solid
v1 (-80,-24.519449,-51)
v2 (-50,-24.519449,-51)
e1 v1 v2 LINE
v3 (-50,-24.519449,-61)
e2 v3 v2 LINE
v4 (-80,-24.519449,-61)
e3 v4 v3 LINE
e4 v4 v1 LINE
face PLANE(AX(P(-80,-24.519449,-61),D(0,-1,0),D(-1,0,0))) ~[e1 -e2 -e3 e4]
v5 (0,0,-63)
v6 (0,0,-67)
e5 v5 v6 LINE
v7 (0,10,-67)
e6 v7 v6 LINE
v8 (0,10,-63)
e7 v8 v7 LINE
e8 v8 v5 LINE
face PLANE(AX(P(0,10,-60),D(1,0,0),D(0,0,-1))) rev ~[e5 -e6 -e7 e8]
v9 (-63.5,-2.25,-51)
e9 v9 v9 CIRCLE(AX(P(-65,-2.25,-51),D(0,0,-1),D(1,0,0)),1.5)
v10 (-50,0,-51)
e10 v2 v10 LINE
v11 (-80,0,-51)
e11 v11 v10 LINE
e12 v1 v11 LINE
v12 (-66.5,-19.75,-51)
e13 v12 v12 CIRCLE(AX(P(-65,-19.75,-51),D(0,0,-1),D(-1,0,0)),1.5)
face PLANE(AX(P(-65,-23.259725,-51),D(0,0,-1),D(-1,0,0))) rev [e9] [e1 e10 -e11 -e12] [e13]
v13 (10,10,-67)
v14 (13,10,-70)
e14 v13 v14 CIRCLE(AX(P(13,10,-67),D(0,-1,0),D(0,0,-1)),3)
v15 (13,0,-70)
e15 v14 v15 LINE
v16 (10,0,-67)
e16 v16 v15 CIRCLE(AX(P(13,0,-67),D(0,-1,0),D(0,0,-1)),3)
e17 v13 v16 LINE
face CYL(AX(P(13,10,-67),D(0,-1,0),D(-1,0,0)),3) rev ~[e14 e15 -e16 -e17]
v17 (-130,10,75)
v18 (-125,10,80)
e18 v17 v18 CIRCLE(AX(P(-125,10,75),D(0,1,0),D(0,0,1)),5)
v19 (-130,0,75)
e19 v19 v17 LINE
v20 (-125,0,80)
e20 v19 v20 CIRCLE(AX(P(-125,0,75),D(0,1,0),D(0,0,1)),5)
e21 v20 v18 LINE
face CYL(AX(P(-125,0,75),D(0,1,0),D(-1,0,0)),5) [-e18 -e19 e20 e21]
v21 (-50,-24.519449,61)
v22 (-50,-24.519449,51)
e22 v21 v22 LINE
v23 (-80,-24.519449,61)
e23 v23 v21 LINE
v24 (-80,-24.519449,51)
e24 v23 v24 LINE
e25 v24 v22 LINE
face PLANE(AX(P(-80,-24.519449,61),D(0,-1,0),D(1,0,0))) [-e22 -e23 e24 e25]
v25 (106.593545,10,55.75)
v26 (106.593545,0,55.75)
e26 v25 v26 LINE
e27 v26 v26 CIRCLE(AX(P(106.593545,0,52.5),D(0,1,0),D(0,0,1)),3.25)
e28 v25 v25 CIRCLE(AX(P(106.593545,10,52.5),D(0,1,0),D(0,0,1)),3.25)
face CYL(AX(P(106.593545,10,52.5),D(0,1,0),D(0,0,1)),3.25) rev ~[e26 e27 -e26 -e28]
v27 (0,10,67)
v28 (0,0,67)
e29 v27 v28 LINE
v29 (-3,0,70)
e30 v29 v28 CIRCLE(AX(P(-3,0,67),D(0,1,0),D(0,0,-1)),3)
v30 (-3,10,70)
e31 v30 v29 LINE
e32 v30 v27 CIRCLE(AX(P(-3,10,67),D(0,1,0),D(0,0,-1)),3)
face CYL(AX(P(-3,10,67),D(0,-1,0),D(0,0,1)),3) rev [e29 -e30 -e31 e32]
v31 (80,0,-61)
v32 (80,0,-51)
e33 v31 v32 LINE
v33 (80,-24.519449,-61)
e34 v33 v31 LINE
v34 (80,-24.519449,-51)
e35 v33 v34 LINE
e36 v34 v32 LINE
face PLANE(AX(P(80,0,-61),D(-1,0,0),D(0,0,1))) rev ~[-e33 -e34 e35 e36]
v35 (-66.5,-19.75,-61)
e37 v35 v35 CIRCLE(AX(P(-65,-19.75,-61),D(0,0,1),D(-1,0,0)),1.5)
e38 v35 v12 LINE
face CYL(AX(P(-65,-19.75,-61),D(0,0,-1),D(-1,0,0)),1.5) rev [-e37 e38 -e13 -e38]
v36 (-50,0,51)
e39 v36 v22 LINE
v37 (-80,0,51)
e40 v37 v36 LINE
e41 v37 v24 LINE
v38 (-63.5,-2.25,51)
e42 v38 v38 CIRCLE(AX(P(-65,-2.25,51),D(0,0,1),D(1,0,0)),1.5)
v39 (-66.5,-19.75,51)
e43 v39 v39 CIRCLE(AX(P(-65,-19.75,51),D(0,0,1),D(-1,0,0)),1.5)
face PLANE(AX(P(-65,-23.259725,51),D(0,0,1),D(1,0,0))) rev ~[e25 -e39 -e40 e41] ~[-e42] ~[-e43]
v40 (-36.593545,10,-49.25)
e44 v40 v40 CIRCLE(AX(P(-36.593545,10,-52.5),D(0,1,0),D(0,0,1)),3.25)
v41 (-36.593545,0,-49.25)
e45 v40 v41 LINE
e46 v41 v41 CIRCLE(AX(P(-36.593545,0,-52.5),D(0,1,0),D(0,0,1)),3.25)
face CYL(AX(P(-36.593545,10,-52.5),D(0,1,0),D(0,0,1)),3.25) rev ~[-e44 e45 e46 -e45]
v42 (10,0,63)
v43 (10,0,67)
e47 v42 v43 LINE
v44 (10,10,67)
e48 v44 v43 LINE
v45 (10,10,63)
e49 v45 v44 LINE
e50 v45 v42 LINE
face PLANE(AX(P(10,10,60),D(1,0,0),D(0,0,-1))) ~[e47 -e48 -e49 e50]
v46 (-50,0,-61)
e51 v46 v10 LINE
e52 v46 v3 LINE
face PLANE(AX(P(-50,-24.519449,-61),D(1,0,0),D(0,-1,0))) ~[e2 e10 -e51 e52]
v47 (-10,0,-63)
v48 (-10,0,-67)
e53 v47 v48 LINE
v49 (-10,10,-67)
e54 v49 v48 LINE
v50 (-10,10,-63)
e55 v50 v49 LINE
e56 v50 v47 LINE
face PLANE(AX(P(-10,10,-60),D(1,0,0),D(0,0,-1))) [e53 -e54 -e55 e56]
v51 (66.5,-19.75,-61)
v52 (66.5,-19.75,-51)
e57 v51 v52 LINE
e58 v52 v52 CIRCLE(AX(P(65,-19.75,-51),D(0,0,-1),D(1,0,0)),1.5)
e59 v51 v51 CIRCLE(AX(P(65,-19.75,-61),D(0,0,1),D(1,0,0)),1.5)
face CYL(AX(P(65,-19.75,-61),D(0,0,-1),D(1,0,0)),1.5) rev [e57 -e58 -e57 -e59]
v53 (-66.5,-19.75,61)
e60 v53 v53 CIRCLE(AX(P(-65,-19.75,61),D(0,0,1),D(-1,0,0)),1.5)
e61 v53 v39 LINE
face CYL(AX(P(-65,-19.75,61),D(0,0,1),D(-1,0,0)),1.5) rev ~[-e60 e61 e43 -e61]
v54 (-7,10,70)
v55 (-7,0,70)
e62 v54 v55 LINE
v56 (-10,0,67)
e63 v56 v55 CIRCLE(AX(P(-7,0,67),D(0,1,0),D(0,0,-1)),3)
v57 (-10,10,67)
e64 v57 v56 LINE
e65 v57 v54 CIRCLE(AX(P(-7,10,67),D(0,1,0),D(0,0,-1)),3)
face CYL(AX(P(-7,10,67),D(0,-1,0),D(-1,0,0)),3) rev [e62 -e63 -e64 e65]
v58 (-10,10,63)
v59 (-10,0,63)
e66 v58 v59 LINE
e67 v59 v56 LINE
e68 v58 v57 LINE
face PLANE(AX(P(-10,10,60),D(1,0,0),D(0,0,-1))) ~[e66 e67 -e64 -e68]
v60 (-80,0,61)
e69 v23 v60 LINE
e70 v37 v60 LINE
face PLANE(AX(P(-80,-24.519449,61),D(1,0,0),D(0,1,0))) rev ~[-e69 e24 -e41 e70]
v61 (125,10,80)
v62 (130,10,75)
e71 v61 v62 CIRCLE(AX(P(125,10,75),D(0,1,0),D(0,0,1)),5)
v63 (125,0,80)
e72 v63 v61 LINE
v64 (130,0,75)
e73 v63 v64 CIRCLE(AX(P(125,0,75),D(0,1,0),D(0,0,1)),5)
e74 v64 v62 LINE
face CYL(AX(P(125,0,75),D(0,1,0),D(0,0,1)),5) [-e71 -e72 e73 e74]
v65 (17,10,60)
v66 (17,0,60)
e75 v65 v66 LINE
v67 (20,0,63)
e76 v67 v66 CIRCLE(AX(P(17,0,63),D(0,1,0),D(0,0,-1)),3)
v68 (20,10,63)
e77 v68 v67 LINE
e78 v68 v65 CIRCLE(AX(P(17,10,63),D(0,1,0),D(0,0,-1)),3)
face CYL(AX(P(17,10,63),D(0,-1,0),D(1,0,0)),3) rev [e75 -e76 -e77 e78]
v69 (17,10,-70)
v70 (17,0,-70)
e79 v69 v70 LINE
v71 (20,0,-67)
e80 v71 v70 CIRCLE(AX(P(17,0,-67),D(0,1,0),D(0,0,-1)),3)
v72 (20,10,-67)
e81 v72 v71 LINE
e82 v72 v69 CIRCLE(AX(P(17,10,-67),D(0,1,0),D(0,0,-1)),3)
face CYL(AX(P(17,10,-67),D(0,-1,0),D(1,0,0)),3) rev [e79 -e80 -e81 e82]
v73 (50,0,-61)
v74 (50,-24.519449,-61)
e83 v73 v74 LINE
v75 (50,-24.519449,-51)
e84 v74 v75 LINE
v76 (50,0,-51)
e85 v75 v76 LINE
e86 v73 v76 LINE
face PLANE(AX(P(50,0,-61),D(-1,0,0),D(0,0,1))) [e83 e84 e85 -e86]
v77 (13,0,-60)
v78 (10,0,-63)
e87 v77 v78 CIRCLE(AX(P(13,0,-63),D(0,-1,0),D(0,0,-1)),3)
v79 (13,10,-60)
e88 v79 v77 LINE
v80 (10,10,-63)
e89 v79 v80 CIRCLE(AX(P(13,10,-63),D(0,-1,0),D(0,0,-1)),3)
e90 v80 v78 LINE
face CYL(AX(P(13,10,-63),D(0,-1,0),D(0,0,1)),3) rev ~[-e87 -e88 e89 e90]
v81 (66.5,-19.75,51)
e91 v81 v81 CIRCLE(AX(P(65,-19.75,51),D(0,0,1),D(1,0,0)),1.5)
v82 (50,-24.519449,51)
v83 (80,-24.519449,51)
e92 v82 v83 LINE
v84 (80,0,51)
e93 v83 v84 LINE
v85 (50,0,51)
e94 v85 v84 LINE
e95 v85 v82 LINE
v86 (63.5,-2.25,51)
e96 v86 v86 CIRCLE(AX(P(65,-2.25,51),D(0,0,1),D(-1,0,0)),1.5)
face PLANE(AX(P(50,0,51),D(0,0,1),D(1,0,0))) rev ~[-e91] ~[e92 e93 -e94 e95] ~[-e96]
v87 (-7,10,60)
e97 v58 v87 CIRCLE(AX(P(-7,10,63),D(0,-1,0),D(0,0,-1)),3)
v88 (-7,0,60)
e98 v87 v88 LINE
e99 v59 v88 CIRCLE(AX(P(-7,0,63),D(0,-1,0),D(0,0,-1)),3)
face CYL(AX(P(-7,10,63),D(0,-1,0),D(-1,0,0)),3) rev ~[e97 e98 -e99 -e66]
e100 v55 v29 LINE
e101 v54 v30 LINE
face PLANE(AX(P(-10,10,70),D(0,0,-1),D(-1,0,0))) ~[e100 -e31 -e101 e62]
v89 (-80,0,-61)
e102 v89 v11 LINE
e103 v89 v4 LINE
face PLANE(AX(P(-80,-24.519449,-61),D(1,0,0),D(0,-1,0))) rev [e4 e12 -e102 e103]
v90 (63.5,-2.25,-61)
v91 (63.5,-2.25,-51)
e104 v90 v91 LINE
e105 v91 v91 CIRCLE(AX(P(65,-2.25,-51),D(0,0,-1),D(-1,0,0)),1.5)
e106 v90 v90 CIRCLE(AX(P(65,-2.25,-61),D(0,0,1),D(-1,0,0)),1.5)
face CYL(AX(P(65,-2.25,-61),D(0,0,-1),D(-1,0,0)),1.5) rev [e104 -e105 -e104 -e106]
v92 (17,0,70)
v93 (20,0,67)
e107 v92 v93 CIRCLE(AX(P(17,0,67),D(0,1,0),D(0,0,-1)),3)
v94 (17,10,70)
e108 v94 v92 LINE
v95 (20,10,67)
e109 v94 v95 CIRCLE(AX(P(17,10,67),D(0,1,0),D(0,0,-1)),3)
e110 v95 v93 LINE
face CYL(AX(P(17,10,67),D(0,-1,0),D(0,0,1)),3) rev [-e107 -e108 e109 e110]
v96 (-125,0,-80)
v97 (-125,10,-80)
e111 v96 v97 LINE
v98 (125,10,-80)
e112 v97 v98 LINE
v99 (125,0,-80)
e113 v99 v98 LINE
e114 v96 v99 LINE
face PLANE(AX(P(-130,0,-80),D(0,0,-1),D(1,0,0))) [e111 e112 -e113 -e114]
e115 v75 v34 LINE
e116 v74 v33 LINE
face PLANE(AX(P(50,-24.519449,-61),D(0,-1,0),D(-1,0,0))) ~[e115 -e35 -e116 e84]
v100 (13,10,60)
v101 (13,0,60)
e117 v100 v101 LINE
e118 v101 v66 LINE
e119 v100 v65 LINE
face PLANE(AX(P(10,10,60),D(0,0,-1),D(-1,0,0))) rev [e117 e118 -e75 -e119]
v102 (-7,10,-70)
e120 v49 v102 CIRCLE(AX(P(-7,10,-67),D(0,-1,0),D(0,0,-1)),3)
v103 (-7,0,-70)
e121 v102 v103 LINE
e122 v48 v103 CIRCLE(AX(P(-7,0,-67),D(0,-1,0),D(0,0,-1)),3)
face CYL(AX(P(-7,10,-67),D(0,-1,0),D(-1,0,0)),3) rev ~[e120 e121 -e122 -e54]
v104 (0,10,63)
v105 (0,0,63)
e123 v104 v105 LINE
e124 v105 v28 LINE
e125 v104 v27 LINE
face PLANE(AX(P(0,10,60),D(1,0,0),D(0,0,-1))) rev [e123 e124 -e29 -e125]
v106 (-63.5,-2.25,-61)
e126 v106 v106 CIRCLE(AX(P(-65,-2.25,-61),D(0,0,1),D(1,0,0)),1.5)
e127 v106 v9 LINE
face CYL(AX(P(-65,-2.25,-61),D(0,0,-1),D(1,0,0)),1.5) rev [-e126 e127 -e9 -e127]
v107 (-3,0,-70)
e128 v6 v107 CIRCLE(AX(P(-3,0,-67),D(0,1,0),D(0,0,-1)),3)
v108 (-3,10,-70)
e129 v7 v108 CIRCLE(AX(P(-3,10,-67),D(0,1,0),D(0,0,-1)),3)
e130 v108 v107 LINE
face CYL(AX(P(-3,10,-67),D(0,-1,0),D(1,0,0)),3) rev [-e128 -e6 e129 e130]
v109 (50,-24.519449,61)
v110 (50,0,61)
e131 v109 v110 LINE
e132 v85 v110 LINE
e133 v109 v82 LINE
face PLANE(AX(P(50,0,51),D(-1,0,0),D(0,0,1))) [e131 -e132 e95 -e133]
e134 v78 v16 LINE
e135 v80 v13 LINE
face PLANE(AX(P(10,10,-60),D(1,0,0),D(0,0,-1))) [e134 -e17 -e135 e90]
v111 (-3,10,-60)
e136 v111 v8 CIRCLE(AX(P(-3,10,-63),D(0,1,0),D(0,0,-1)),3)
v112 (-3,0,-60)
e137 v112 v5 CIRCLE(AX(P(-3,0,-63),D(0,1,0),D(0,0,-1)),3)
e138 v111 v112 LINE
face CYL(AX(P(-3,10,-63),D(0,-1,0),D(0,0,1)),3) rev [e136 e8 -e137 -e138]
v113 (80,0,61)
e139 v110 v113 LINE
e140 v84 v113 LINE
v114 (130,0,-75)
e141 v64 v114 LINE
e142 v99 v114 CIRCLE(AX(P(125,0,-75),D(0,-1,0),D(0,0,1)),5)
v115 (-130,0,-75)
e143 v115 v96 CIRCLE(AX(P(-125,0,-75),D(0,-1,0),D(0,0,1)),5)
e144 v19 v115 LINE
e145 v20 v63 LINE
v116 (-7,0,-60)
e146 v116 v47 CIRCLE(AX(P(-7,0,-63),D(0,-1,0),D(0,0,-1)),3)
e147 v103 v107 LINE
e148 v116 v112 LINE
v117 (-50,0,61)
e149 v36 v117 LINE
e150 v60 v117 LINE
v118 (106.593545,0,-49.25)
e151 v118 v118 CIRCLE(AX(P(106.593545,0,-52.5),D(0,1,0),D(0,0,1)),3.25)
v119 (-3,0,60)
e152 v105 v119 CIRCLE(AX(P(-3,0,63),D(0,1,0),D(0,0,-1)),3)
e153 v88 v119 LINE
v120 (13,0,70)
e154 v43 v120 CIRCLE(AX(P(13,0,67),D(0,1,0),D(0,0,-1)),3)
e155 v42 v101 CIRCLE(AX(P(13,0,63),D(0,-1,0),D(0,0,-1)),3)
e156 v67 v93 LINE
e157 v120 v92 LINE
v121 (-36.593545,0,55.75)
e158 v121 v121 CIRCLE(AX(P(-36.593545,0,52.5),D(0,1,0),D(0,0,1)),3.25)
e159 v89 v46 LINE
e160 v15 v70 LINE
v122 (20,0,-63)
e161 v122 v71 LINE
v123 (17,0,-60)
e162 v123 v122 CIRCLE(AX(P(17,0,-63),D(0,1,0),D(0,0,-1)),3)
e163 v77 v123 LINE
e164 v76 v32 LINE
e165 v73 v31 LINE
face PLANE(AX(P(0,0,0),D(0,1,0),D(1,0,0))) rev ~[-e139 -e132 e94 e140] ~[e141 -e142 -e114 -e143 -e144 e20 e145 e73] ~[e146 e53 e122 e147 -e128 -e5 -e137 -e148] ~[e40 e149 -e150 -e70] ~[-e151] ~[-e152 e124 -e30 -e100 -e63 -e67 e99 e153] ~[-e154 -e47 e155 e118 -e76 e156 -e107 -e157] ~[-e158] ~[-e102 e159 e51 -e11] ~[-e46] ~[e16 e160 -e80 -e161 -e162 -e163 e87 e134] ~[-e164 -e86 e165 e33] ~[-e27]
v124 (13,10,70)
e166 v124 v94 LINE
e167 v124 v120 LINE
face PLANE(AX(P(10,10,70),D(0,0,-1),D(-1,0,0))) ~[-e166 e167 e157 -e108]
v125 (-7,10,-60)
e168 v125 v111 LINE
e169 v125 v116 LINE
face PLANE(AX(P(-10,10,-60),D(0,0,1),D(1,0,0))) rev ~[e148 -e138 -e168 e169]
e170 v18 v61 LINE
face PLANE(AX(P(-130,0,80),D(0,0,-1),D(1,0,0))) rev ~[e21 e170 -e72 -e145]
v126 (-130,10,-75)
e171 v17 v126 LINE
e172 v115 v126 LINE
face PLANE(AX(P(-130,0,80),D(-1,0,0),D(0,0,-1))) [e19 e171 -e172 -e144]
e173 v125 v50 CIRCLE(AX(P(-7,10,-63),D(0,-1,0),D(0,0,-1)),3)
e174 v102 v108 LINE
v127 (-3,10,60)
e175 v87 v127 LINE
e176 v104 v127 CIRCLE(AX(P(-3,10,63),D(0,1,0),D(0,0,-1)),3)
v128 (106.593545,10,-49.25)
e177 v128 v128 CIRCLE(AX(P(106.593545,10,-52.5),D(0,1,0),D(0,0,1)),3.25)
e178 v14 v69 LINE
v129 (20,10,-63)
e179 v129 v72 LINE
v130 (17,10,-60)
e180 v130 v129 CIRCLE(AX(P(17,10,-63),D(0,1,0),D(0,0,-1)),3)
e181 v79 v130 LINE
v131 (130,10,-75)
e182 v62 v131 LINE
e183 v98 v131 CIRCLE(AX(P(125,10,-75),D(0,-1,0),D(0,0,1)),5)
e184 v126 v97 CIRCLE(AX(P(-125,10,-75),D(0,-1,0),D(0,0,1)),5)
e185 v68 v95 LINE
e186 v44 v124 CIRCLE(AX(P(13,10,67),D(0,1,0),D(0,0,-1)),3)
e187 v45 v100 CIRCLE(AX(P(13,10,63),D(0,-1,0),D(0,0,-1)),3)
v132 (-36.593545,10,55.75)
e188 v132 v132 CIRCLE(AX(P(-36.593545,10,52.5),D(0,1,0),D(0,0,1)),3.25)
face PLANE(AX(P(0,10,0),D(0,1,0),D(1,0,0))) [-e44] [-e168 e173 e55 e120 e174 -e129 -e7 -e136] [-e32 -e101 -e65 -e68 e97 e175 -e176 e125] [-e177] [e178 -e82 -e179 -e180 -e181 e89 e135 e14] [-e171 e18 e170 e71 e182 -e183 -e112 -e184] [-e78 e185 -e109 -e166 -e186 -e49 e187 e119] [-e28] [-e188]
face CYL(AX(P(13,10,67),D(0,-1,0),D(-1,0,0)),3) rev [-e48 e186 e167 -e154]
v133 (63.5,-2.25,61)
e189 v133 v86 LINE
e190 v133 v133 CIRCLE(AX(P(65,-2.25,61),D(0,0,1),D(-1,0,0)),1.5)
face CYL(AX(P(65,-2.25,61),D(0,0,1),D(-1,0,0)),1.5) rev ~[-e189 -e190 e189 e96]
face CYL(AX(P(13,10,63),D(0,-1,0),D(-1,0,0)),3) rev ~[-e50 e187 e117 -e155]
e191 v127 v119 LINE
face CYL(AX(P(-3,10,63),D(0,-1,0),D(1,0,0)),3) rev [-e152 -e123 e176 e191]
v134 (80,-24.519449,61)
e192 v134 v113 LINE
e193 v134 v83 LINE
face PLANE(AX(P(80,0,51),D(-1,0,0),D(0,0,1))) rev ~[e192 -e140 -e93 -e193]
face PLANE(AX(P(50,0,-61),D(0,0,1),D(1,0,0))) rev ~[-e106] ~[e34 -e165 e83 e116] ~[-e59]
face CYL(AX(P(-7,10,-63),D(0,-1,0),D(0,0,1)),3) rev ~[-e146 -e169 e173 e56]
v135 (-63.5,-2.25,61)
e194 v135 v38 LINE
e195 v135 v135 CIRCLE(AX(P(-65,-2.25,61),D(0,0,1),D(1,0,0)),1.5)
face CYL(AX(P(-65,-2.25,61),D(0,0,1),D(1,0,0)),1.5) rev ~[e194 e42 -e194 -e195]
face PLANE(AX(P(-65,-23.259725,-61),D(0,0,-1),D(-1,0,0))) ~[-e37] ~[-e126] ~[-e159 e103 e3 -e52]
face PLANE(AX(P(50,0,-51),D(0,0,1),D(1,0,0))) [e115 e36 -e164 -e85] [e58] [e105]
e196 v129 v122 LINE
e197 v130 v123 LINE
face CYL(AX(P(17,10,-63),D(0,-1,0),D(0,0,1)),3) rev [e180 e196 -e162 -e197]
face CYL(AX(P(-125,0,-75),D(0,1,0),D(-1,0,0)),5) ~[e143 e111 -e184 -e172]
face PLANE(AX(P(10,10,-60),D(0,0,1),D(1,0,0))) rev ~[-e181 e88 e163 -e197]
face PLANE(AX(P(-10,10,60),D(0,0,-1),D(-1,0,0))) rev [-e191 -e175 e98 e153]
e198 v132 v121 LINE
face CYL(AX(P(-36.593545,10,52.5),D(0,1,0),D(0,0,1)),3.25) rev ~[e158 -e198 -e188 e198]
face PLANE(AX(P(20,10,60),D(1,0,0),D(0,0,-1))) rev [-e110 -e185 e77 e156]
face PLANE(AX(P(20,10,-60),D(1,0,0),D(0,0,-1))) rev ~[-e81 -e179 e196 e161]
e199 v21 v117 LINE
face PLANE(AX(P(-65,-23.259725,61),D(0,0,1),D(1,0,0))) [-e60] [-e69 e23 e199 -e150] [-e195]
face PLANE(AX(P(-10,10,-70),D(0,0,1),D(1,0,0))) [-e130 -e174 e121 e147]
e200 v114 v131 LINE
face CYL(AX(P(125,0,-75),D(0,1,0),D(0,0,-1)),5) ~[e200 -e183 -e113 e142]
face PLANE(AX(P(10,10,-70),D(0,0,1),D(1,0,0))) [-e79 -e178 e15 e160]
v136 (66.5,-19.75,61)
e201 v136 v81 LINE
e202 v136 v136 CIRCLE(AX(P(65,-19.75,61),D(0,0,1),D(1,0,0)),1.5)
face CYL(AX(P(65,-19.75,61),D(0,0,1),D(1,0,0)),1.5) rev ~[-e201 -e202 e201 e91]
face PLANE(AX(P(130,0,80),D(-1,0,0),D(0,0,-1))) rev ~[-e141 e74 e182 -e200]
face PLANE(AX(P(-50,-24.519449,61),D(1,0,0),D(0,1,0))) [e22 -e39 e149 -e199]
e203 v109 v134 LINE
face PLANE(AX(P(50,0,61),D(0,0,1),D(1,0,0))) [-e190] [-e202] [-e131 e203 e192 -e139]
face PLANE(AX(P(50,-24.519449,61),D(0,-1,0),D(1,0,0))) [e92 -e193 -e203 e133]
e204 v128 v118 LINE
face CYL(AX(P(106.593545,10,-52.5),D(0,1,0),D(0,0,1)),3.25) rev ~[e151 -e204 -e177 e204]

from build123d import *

# Parameters (mm, degrees)
SKETCH1_W           = 260
SKETCH1_H           = 160
BOSS_EXTRUDE1_DEPTH = 10
SKETCH2_W           = 30
SKETCH2_H           = 10
BOSS_EXTRUDE2_DEPTH = 22
SKETCH3_R           = 1.5
CUT_EXTRUDE1_DEPTH  = 112
SKETCH4_W           = 30
SKETCH4_H           = 2.519449054
BOSS_EXTRUDE3_DEPTH = 10
SKETCH5_R           = 3.25
CUT_EXTRUDE4_DEPTH  = 10
SKETCH7_W           = 10
SKETCH7_H           = 10
CUT_EXTRUDE5_DEPTH  = 10
FILLET1_R           = 5
FILLET2_R           = 3


with BuildPart() as part:
    # Sketch1 → Boss-Extrude1 (new body)
    with BuildSketch(Plane(origin=(0, 0, 0), x_dir=(1, 0, 0), z_dir=(0, 1, 0))):
        Rectangle(SKETCH1_W, SKETCH1_H)
    extrude(amount=BOSS_EXTRUDE1_DEPTH)

    # Sketch2 → Boss-Extrude2 (add)
    with BuildSketch(Plane.XZ):
        with Locations((-65, 56)):
            Rectangle(SKETCH2_W, SKETCH2_H)
        with Locations((65, 56)):
            Rectangle(SKETCH2_W, SKETCH2_H)
        with Locations((65, -56)):
            Rectangle(SKETCH2_W, SKETCH2_H)
        with Locations((-65, -56)):
            Rectangle(SKETCH2_W, SKETCH2_H)
    extrude(amount=BOSS_EXTRUDE2_DEPTH)

    # Sketch3 → Cut-Extrude1 (cut)
    with BuildSketch(Plane.XY.offset(61)):
        with Locations((-65, -2.25)):
            Circle(SKETCH3_R)
        with Locations(Location((-65, -19.75, 0), (0, 0, 180))):
            Circle(SKETCH3_R)
        with Locations((65, -19.75)):
            Circle(SKETCH3_R)
        with Locations(Location((65, -2.25, 0), (0, 0, 180))):
            Circle(SKETCH3_R)
    cut_extrude1 = extrude(amount=-CUT_EXTRUDE1_DEPTH, mode=Mode.SUBTRACT)

    # Mirror1: Cut-Extrude1 across plane
    add(cut_extrude1.mirror(Plane.XY), mode=Mode.SUBTRACT)

    # Sketch4 → Boss-Extrude3 (add)
    with BuildSketch(Plane.XY.offset(61)):
        with Locations((-65, -23.259724527)):
            Rectangle(SKETCH4_W, SKETCH4_H)
        with Locations((65, -23.259724527)):
            Rectangle(SKETCH4_W, SKETCH4_H)
    boss_extrude3 = extrude(amount=-BOSS_EXTRUDE3_DEPTH)

    # Mirror3: Boss-Extrude3 across plane
    add(boss_extrude3.mirror(Plane.XY))

    # Sketch5 → Cut-Extrude4 (cut)
    with BuildSketch(Plane(origin=(0, 10, 0), x_dir=(1, 0, 0), z_dir=(0, 1, 0))):
        with Locations(Location((-36.593545043, 52.5, 0), (0, 0, 270))):
            Circle(SKETCH5_R)
        with Locations(Location((106.593545043, 52.5, 0), (0, 0, 270))):
            Circle(SKETCH5_R)
        with Locations(Location((-36.593545043, -52.5, 0), (0, 0, 270))):
            Circle(SKETCH5_R)
        with Locations(Location((106.593545043, -52.5, 0), (0, 0, 270))):
            Circle(SKETCH5_R)
    extrude(amount=-CUT_EXTRUDE4_DEPTH, mode=Mode.SUBTRACT)

    # Sketch7 → Cut-Extrude5 (cut)
    with BuildSketch(Plane(origin=(0, 10, 0), x_dir=(1, 0, 0), z_dir=(0, 1, 0))):
        with Locations((-5, 65)):
            Rectangle(SKETCH7_W, SKETCH7_H)
        with Locations((15, 65)):
            Rectangle(SKETCH7_W, SKETCH7_H)
    cut_extrude5 = extrude(amount=-CUT_EXTRUDE5_DEPTH, mode=Mode.SUBTRACT)

    # Mirror4: Cut-Extrude5 across plane
    add(cut_extrude5.mirror(Plane(origin=(0, 0, 0), x_dir=(1, 0, 0), z_dir=(0, 0, -1))), mode=Mode.SUBTRACT)

    # Fillet1
    fillet1_edges = [part.edges().sort_by_distance(p)[0] for p in [
        (130, 5, 80),
        (-130, 5, 80),
        (-130, 5, -80),
        (130, 5, -80),
    ]]
    fillet(fillet1_edges, radius=FILLET1_R)

    # Fillet2
    fillet2_edges = [part.edges().sort_by_distance(p)[0] for p in [
        (-10, 5, -60),
        (-10, 5, -70),
        (0, 5, -70),
        (0, 5, -60),
        (20, 5, -60),
        (10, 5, -60),
        (10, 5, -70),
        (20, 5, -70),
        (0, 5, 70),
        (0, 5, 60),
        (-10, 5, 60),
        (-10, 5, 70),
        (10, 5, 70),
        (20, 5, 70),
        (20, 5, 60),
        (10, 5, 60),
    ]]
    fillet(fillet2_edges, radius=FILLET2_R)


solid = part.part
